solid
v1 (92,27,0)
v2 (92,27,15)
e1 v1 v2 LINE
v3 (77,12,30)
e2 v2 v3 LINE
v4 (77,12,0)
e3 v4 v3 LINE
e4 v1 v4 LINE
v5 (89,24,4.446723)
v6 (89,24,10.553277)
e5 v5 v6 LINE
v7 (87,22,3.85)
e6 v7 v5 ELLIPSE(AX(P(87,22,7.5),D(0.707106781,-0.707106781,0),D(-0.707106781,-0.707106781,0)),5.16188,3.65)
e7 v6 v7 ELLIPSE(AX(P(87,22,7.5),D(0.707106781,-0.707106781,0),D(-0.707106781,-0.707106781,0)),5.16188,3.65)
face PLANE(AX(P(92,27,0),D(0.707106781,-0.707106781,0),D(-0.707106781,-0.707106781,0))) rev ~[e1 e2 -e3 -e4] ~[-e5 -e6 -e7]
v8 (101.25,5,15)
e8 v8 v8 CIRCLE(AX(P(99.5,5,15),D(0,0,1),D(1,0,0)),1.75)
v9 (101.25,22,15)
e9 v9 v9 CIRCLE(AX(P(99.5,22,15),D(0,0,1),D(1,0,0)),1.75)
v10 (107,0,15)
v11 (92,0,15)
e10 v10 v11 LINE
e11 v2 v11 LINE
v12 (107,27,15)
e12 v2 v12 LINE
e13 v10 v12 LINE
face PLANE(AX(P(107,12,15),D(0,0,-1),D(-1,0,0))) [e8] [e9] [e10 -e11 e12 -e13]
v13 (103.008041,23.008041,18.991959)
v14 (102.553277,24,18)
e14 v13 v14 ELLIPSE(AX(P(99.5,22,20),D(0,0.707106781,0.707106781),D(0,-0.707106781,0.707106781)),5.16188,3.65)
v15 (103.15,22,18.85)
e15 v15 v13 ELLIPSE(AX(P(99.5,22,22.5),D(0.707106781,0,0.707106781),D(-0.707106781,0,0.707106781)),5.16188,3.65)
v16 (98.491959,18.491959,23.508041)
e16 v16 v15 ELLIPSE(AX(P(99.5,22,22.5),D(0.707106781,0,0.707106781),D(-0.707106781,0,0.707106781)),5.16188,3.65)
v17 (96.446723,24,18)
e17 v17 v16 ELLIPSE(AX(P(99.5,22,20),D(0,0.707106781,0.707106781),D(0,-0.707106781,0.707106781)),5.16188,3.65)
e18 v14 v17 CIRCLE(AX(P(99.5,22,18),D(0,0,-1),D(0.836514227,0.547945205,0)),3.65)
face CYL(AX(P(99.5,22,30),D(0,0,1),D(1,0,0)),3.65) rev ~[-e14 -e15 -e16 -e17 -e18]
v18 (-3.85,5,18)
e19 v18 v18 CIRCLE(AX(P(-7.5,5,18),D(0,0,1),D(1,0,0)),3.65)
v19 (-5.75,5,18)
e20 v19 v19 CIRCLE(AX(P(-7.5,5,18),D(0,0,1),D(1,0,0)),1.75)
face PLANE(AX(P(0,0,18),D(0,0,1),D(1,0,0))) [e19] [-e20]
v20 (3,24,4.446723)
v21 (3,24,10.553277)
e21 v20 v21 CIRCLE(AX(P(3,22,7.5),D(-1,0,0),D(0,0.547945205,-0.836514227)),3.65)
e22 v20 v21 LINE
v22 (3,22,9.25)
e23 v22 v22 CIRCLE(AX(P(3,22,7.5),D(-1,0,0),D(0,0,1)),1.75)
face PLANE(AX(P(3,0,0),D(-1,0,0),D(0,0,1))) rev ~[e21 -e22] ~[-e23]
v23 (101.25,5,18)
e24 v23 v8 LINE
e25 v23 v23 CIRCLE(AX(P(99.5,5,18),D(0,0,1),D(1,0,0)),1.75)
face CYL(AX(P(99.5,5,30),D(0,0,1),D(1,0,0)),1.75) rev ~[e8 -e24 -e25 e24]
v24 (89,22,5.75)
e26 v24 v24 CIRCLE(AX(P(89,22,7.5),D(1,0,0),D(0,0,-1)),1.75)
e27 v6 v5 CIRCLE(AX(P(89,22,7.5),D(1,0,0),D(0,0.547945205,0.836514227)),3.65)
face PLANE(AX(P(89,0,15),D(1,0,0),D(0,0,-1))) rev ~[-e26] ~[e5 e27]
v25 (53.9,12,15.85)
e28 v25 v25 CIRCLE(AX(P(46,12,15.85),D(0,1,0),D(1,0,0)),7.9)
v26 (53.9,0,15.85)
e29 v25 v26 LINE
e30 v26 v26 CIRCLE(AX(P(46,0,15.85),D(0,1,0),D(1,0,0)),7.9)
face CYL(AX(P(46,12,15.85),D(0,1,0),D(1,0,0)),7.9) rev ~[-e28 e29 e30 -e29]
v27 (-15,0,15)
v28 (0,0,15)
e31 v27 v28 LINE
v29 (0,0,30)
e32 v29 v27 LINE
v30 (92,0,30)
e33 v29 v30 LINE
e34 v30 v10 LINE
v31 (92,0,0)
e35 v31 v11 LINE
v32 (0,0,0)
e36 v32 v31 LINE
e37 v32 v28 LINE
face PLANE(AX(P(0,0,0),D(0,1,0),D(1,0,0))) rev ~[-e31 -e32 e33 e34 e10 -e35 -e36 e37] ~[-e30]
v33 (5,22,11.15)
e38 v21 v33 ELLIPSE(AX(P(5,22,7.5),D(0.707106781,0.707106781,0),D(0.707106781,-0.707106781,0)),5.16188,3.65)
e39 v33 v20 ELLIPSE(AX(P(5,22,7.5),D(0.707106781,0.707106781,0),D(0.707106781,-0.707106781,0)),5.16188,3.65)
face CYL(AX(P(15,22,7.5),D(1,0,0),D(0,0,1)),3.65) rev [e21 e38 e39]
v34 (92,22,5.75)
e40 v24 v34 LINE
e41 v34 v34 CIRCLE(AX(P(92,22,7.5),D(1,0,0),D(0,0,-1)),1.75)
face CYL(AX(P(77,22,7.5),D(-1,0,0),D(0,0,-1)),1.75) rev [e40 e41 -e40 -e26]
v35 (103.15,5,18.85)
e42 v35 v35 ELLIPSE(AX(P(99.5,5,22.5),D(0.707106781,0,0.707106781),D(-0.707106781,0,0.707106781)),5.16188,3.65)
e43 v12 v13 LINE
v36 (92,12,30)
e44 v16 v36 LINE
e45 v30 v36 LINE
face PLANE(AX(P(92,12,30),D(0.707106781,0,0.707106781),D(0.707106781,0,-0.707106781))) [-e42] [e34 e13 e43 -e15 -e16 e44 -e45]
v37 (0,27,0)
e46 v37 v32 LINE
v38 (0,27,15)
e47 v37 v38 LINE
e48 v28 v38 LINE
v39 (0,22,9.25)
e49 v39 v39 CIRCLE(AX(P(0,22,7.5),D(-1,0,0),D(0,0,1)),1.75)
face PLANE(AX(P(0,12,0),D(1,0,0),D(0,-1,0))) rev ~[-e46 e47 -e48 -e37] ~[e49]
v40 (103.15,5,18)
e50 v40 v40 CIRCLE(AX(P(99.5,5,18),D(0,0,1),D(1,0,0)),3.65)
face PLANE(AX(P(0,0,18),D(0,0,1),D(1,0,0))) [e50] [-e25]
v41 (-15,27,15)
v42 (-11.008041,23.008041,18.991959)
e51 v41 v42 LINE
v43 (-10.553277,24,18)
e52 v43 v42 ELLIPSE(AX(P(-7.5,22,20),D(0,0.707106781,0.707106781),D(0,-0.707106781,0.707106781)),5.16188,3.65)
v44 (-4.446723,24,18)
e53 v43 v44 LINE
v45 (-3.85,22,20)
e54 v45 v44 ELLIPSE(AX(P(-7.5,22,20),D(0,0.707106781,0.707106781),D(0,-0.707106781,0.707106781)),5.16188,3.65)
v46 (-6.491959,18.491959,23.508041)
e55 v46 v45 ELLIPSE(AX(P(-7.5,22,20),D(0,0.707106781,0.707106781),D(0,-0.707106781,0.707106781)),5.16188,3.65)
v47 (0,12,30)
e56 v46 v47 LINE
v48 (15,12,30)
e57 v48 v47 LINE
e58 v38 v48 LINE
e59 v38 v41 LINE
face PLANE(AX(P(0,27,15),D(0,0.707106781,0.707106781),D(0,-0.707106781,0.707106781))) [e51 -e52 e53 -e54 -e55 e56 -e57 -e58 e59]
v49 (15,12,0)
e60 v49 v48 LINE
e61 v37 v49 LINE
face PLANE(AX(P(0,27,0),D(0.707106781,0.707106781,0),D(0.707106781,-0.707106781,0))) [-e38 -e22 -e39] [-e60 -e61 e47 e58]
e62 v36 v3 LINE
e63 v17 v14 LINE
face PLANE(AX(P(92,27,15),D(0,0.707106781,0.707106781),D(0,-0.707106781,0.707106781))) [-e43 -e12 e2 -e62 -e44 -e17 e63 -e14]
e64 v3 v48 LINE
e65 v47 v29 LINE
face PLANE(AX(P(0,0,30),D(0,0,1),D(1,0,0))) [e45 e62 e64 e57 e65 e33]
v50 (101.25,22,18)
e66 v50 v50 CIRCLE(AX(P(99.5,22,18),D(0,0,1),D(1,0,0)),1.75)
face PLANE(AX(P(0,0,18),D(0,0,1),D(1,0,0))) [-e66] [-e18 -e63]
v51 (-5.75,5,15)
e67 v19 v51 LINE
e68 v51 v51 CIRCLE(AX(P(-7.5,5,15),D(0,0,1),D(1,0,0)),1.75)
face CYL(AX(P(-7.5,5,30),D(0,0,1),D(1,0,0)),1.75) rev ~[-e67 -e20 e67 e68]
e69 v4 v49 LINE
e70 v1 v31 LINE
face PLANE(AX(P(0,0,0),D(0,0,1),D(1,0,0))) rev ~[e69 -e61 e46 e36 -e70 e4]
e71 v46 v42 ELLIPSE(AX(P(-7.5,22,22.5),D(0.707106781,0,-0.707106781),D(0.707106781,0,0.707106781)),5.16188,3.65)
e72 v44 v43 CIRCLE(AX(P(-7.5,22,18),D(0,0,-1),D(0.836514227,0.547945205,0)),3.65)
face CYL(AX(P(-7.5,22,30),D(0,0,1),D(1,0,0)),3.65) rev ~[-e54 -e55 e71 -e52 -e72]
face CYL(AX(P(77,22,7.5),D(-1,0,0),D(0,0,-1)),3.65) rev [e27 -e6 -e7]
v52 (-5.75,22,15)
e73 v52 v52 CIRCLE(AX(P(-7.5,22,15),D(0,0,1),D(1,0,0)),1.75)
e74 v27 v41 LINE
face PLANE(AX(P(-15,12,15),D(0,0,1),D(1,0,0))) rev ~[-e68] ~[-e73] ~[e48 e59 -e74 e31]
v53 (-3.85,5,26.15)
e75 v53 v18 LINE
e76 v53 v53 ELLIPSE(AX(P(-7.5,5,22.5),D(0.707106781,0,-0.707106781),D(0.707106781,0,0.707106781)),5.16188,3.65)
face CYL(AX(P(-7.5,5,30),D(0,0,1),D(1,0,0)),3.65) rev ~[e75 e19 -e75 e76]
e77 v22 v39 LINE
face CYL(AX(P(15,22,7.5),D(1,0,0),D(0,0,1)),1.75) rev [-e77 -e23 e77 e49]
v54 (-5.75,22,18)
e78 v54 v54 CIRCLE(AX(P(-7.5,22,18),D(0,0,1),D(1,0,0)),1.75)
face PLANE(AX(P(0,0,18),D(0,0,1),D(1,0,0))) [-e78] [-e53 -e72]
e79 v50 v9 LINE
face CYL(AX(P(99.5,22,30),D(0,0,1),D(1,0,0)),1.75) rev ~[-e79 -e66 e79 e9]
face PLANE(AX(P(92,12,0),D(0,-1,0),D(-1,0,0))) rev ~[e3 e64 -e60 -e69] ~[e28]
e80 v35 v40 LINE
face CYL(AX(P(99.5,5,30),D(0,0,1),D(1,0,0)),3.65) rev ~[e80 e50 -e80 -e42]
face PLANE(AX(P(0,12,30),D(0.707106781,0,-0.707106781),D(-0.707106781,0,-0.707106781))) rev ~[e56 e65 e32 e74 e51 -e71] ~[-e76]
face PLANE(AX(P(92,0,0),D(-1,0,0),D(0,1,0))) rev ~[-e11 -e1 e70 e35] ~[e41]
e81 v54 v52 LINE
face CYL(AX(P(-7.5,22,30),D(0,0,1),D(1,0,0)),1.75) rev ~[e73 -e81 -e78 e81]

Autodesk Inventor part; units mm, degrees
ref_plane "YZ Plane" through (0, 0, 0) normal (1, 0, 0) x (0, 1, 0)
sketch "Sketch1" plane through (0, 0, 0) normal (0, 0, 1) x (1, 0, 0)
  line L0 (0, 0) -> (92, 0)
  line L1 (92, 0) -> (92, 12)
  line L2 (92, 12) -> (0, 12)
  line L3 (0, 12) -> (0, 0)
  dimension "d0" = 92
  dimension "d1" = 12
extrude "Extrusion1" add sketch "Sketch1" along normal blind 30
sketch "Sketch3" plane through (0, 12, 30) normal (0, 1, 0) x (1, 0, 0)
  line L0 (0, 30) -> (0, 0) projected
  line L1 (92, 30) -> (0, 30) projected
  circle A0 centre (46, 14.15) radius 7.9
  point P0 (0, 17)
  point P1 (107, 32)
  point P2 (15, 32)
  dimension "d8" = 15.8
  dimension "d9" = 15.85
  dimension "d10" = 46
extrude "Extrusion3" cut sketch "Sketch3" against normal up to next
sketch "Sketch4" plane through (0, 12, 0) normal (0, 1, 0) x (1, 0, 0)
  line L0 (0, 0) -> (0, -30) projected
  line L1 (92, 0) -> (92, -30) projected
  line L2 (0, -30) -> (-15, -15)
  line L3 (-15, -15) -> (0, -15)
  line L4 (92, -30) -> (107, -15)
  line L5 (107, -15) -> (92, -15)
  dimension "d13" = 45
  dimension "d14" = 45
extrude "Extrusion4" add sketch "Sketch4" against normal up to surface (12 mm away)
sketch "Sketch5" plane through (0, 0, 0) normal (1, 0, 0) x (0, 1, 0)
  line L0 (0, 15) -> (0, 30) projected
  line L1 (12, 30) -> (0, 30) projected
  line L2 (12, 15) -> (12, 30) projected
  line L3 (12, 15) -> (0, 15) projected
  line L4 (12, 15) -> (27, 15)
  line L5 (27, 15) -> (12, 30)
  point P0 (0, 0)
  dimension "d17" = 15
extrude "Extrusion5" add sketch "Sketch5" against normal up to surface contours L2 L5 L4 surface through (0, 12, 30) normal (-0.7071, 0, 0.7071)
sketch "Sketch6" plane through (92, 0, 0) normal (1, 0, 0) x (0, 0, -1)
  line L0 (-30, 0) -> (-15, 0) projected
  line L1 (-15, 12) -> (-15, 0) projected
  line L2 (-30, 12) -> (-15, 12) projected
  line L3 (-30, 0) -> (-30, 12) projected
  line L4 (-15, 12) -> (-15, 27)
  line L5 (-15, 27) -> (-30, 12)
  dimension "d20" = 15
extrude "Extrusion6" add sketch "Sketch6" along normal up to surface contours L5 L4 L2 surface through (107, 12, 15) normal (0.7071, 0, 0.7071)
sketch "Sketch7" plane through (0, 0, 0) normal (0, 0, -1) x (-1, 0, 0)
  line L0 (-92, 12) -> (0, 12) projected
  line L1 (-92, 12) -> (-92, 27)
  line L2 (-92, 27) -> (-77, 12)
  line L3 (0, 12) -> (0, 27)
  line L4 (0, 27) -> (-15, 12)
  dimension "d23" = 15
  dimension "d24" = 15
extrude "Extrusion7" add sketch "Sketch7" against normal up to surface surface through (92, 27, 15) normal (0, 0.7071, 0.7071)
sketch "Sketch8" plane through (0, 0, 30) normal (0, 0, 1) x (1, 0, 0)
  line L0 (-15, 0) -> (0, 0) projected
  line L1 (0, 12) -> (0, 0) projected
  line L2 (-15, 27) -> (0, 12) projected
  line L3 (-15, 0) -> (-15, 27) projected
  line L4 (92, 0) -> (107, 0) projected
  line L5 (107, 27) -> (107, 0) projected
  line L6 (92, 12) -> (107, 27) projected
  line L7 (92, 0) -> (92, 12) projected
  circle A0 centre (-7.5, 5) radius 1.75
  circle A1 centre (-7.5, 22) radius 1.75
  circle A2 centre (99.5, 22) radius 1.75
  circle A3 centre (99.5, 5) radius 1.75
  line L8 (92, 27) -> (107, 27) projected
  dimension "d27" = 3.5
  dimension "d28" = 7.5
  dimension "d29" = 7.5
  dimension "d30" = 5
  dimension "d31" = 5
extrude "Extrusion8" cut sketch "Sketch8" against normal up to surface (15 mm away) contours A0 | A1 | A2 | A3
sketch "Sketch9" plane through (0, 0, 30) normal (0, 0, 1) x (1, 0, 0)
  circle A0 centre (-7.5, 22) radius 1.75 projected
  circle A1 centre (-7.5, 5) radius 1.75 projected
  circle A2 centre (99.5, 22) radius 1.75 projected
  circle A3 centre (99.5, 5) radius 1.75 projected
  circle A4 centre (-7.5, 22) radius 3.65
  circle A5 centre (-7.5, 5) radius 3.65
  circle A6 centre (99.5, 22) radius 3.65
  circle A7 centre (99.5, 5) radius 3.65
  dimension "d34" = 7.3
extrude "Extrusion9" cut sketch "Sketch9" against normal blind 12
ref_plane "Work Plane1" through (77, 0, 15) normal (1, 0, 0) x (0, 0, -1)
sketch "Sketch10" plane through (77, 0, 15) normal (1, 0, 0) x (0, 0, -1)
  line L0 (-15, 12) -> (0, 27) projected
  line L1 (15, 27) -> (0, 27) projected
  line L2 (15, 12) -> (15, 27) projected
  line L3 (-15, 12) -> (15, 12) projected
  circle A0 centre (7.5, 22) radius 1.75
  circle A1 centre (7.5, 22) radius 3.65
  point P0 (15, 0)
  dimension "d38" = 3.5
  dimension "d39" = 7.3
  dimension "d40" = 5
  dimension "d41" = 7.5
extrude "Extrusion10" cut sketch "Sketch10" along normal up to surface (15 mm away) contours A0
sketch "Sketch11" plane through (77, 0, 15) normal (1, 0, 0) x (0, 0, -1)
  circle A0 centre (7.5, 22) radius 1.75 projected
  circle A1 centre (7.5, 22) radius 3.65
  point P0 (15, 0)
  dimension "d44" = 7.3
extrude "Extrusion11" cut sketch "Sketch11" along normal blind 12
ref_plane "Work Plane2" through (15, 0, 0) normal (-1, 0, 0) x (0, 0, 1)
sketch "Sketch12" plane through (15, 0, 0) normal (-1, 0, 0) x (0, 0, 1)
  line L0 (15, 27) -> (30, 12) projected
  line L1 (0, 12) -> (30, 12) projected
  line L2 (0, 27) -> (0, 12) projected
  line L3 (0, 27) -> (15, 27) projected
  circle A0 centre (7.5, 22) radius 1.75
  point P0 (0, 0)
  dimension "d48" = 3.5
  dimension "d49" = 7.5
  dimension "d50" = 5
extrude "Extrusion12" cut sketch "Sketch12" along normal up to surface (15 mm away) contours A0
sketch "Sketch13" plane through (15, 0, 0) normal (-1, 0, 0) x (0, 0, 1)
  circle A0 centre (7.5, 22) radius 1.75 projected
  circle A1 centre (7.5, 22) radius 1.75 projected
  circle A2 centre (7.5, 22) radius 3.65
  point P0 (0, 0)
  dimension "d53" = 7.3
extrude "Extrusion13" cut sketch "Sketch13" along normal blind 12
properties part number "ZAxisNutMount"
